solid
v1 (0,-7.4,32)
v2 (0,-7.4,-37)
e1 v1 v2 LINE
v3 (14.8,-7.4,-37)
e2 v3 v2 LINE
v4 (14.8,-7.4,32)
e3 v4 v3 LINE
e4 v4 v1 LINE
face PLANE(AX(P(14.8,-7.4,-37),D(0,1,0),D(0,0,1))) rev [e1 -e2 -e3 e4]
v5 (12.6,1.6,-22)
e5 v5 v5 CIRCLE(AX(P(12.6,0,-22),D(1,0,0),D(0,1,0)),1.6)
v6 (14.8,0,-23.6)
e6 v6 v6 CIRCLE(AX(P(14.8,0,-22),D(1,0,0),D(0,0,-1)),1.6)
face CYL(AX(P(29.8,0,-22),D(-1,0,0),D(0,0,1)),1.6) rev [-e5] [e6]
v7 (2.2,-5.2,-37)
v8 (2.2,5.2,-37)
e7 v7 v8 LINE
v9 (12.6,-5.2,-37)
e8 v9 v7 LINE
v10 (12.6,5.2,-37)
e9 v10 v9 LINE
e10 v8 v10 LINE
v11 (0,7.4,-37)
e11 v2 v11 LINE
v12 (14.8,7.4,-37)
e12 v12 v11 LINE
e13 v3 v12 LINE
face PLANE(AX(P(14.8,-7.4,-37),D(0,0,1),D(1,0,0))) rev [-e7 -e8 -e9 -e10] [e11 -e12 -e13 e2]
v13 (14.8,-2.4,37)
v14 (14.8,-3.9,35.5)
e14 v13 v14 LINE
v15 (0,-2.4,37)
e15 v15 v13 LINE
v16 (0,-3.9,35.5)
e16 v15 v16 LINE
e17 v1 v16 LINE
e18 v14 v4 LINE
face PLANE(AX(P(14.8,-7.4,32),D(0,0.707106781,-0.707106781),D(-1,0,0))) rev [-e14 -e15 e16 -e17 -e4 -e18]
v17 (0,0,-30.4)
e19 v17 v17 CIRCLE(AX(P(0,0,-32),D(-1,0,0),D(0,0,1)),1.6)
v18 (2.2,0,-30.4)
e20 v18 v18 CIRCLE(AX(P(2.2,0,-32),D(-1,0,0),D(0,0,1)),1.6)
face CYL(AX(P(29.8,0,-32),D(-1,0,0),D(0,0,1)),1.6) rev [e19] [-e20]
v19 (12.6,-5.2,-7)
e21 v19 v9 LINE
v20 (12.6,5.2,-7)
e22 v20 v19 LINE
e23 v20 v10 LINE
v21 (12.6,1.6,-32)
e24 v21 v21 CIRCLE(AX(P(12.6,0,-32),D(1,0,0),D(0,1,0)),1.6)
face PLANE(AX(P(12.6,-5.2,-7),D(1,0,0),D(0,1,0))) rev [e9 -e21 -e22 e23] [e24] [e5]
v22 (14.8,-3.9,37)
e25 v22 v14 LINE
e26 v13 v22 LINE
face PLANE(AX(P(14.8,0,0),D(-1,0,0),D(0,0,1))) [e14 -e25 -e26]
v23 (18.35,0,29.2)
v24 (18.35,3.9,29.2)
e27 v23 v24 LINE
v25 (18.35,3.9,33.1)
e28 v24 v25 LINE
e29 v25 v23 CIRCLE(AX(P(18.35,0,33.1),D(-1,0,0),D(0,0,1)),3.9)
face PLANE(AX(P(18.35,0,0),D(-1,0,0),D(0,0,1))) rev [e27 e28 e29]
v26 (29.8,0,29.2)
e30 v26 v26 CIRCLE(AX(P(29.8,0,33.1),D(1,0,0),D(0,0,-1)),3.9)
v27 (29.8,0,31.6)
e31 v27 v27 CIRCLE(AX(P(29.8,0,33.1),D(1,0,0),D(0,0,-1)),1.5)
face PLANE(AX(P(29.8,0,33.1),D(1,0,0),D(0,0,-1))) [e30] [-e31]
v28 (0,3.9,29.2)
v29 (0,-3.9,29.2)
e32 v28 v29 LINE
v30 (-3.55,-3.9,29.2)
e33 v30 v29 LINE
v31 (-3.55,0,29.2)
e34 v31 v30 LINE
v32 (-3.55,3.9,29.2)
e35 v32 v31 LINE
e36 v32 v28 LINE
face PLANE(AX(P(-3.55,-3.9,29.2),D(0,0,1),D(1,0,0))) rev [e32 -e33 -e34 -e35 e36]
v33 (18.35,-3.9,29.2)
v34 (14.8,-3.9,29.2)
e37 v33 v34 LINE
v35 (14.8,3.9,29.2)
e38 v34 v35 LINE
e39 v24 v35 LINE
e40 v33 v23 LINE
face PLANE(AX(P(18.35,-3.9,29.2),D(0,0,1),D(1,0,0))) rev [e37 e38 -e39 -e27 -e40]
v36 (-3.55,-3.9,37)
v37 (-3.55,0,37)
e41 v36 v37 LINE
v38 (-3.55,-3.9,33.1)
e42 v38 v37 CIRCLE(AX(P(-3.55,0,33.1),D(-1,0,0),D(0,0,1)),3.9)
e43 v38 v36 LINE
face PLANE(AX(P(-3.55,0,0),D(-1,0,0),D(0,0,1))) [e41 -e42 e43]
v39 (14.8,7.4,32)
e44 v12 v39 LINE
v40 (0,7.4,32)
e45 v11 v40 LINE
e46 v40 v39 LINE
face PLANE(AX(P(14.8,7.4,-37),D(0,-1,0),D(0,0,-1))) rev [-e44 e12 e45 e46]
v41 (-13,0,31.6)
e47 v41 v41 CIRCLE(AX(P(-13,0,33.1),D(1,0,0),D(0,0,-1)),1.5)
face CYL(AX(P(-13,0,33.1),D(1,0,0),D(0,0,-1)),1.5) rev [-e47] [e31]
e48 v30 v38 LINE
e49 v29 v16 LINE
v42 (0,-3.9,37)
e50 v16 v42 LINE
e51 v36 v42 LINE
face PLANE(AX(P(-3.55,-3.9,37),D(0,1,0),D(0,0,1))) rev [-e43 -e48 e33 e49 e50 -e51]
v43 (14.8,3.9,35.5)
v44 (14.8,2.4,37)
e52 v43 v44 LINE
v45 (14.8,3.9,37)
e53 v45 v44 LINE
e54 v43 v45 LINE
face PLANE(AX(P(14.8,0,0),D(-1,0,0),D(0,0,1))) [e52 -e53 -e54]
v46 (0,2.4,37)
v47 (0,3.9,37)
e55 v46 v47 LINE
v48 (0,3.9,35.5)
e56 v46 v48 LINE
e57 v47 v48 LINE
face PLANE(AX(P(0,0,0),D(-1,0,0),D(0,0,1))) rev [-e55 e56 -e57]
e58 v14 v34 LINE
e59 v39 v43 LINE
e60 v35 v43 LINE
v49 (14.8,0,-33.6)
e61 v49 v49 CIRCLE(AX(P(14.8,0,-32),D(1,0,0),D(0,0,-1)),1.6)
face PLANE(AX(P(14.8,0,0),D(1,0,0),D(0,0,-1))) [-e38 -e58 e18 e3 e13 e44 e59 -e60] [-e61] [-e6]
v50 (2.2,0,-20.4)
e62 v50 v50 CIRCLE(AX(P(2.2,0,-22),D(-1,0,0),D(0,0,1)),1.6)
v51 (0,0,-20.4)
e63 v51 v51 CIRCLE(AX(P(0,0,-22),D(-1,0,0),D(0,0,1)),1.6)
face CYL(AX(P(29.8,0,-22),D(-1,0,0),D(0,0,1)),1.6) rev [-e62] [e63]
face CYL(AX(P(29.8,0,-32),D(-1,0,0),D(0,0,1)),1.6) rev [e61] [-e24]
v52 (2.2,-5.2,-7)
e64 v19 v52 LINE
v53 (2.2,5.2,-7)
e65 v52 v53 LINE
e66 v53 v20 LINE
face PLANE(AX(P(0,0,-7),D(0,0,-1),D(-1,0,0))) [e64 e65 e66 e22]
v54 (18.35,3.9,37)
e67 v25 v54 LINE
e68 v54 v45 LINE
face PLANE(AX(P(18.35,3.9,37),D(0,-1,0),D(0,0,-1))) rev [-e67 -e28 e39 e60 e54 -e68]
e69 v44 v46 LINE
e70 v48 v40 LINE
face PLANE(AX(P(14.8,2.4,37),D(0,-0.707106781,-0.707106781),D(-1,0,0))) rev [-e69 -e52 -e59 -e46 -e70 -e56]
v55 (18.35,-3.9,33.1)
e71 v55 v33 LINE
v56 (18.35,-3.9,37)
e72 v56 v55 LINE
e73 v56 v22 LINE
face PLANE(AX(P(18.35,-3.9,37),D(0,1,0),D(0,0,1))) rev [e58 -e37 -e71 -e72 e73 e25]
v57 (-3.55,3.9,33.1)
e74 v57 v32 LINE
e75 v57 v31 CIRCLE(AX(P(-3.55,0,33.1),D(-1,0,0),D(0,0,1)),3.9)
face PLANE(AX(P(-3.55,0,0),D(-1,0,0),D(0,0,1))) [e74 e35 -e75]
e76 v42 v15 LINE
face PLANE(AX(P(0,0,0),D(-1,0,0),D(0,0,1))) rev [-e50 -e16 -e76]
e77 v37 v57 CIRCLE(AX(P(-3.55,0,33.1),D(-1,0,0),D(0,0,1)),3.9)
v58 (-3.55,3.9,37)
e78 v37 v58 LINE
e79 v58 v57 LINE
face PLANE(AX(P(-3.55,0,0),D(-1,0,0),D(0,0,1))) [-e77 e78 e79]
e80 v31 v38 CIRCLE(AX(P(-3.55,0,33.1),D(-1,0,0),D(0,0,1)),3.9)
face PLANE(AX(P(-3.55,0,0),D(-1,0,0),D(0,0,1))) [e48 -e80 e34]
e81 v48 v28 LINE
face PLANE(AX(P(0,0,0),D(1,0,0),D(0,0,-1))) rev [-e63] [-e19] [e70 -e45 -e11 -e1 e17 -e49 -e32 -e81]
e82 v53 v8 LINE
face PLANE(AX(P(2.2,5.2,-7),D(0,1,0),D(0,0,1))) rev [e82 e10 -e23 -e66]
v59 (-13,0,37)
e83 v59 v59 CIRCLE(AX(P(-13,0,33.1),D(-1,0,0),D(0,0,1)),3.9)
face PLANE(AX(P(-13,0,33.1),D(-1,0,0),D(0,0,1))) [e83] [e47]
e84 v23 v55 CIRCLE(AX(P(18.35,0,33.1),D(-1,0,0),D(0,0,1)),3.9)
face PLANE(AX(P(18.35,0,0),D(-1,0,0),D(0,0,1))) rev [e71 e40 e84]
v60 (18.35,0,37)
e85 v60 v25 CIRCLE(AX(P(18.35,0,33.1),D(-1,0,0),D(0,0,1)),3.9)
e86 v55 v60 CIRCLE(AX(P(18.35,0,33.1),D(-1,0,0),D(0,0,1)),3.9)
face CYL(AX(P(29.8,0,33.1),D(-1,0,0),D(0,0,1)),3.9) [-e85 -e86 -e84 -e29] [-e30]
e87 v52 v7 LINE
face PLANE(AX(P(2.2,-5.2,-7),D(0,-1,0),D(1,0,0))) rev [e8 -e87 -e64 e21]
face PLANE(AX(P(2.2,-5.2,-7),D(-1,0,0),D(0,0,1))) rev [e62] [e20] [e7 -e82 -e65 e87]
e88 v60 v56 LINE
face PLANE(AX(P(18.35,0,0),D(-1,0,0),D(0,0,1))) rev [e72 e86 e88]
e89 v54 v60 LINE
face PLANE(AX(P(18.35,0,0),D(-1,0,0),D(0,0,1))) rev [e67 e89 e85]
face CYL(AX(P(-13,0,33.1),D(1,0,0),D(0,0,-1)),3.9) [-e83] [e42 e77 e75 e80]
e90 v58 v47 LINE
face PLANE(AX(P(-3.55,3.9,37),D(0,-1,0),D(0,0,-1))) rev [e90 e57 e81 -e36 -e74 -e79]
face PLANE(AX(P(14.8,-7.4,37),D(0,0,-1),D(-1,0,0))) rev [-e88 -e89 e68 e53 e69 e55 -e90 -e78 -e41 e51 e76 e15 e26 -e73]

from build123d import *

# Parameters (mm, degrees)
SKETCH_1_W          = 74
SKETCH_1_H          = 14.8
EXTRUDE_1_DEPTH     = 14.8
SKETCH_2_W          = 10.4
SKETCH_2_H          = 10.4
CUT_EXTRUDE_1_DEPTH = 30
SKETCH_3_R          = 3.9
EXTRUDE_2_DEPTH     = 15
SKETCH_4_R          = 3.9
EXTRUDE_3_DEPTH     = 13
CHAMFER_1_SIZE      = 5
SKETCH_8_R          = 1.45
CUT_EXTRUDE_4_DEPTH = 43.8
SKETCH_9_W          = 7.8
SKETCH_9_H          = 7.8
SKETCH_9_R          = 1.5
EXTRUDE_4_DEPTH     = 3.55
SKETCH_10_W         = 7.8
SKETCH_10_H         = 7.8
EXTRUDE_5_DEPTH     = 3.55
SKETCH1_R           = 1.6
CUT_EXTRUDE1_DEPTH  = 30.8
SKETCH2_R           = 1.5
CUT_EXTRUDE2_DEPTH  = 43.8


with BuildPart() as part:
    # Эскиз1 → Бобышка-Вытянуть1 (new body)
    with BuildSketch(Plane(origin=(0, 0, 0), x_dir=(0, 0, -1), z_dir=(1, 0, 0))):
        Rectangle(SKETCH_1_W, SKETCH_1_H)
    extrude(amount=EXTRUDE_1_DEPTH)

    # Эскиз2 → Вырез-Вытянуть1 (cut)
    with BuildSketch(Plane(origin=(0, 0, -37), x_dir=(-1, 0, 0), z_dir=(0, 0, -1))):
        with Locations((-7.4, 0)):
            Rectangle(SKETCH_2_W, SKETCH_2_H)
    extrude(amount=-CUT_EXTRUDE_1_DEPTH, mode=Mode.SUBTRACT)

    # Эскиз3 → Бобышка-Вытянуть2 (add)
    with BuildSketch(Plane(origin=(14.8, 0, 0), x_dir=(0, 0, -1), z_dir=(1, 0, 0))):
        with Locations(Location((-33.1, 0, 0), (0, 0, 180))):  # turned: the seam where the file's is
            Circle(SKETCH_3_R)
    extrude(amount=EXTRUDE_2_DEPTH)

    # Эскиз4 → Бобышка-Вытянуть3 (add)
    with BuildSketch(Plane.ZY):
        with Locations((33.1, 0)):
            Circle(SKETCH_4_R)
    extrude(amount=EXTRUDE_3_DEPTH)

    # Фаска1
    chamfer_1_edges = [part.edges().sort_by_distance(p)[0] for p in [
        (7.4, 7.4, 37),
        (7.4, -7.4, 37),
    ]]
    chamfer(chamfer_1_edges, length=CHAMFER_1_SIZE)

    # Эскиз8 → Вырез-Вытянуть4 (cut, through all)
    with BuildSketch(Plane(origin=(29.8, 0, 0), x_dir=(0, 0, -1), z_dir=(1, 0, 0))):
        with Locations((-33.1, 0)):
            Circle(SKETCH_8_R)
    extrude(amount=-CUT_EXTRUDE_4_DEPTH, mode=Mode.SUBTRACT)

    # Эскиз9 → Бобышка-Вытянуть4 (add)
    with BuildSketch(Plane.ZY):
        with Locations((33.1, 0)):
            Rectangle(SKETCH_9_W, SKETCH_9_H)
        with Locations((33.1, 0)):
            Circle(SKETCH_9_R, mode=Mode.SUBTRACT)
    extrude(amount=EXTRUDE_4_DEPTH)

    # Эскиз10 → Бобышка-Вытянуть5 (add)
    with BuildSketch(Plane(origin=(14.8, 0, 0), x_dir=(0, 0, -1), z_dir=(1, 0, 0))):
        with Locations((-33.1, 0)):
            Rectangle(SKETCH_10_W, SKETCH_10_H)
    extrude(amount=EXTRUDE_5_DEPTH)

    # Sketch1 → Cut-Extrude1 (cut, through all)
    with BuildSketch(Plane.ZY):
        with Locations((-32, 0)):
            Circle(SKETCH1_R)
        with Locations((-22, 0)):
            Circle(SKETCH1_R)
    extrude(amount=-CUT_EXTRUDE1_DEPTH, mode=Mode.SUBTRACT)

    # Sketch2 → Cut-Extrude2 (cut, through all)
    with BuildSketch(Plane(origin=(29.8, 0, 0), x_dir=(0, 0, -1), z_dir=(1, 0, 0))):
        with Locations((-33.1, 0)):
            Circle(SKETCH2_R)
    extrude(amount=-CUT_EXTRUDE2_DEPTH, mode=Mode.SUBTRACT)


solid = part.part
